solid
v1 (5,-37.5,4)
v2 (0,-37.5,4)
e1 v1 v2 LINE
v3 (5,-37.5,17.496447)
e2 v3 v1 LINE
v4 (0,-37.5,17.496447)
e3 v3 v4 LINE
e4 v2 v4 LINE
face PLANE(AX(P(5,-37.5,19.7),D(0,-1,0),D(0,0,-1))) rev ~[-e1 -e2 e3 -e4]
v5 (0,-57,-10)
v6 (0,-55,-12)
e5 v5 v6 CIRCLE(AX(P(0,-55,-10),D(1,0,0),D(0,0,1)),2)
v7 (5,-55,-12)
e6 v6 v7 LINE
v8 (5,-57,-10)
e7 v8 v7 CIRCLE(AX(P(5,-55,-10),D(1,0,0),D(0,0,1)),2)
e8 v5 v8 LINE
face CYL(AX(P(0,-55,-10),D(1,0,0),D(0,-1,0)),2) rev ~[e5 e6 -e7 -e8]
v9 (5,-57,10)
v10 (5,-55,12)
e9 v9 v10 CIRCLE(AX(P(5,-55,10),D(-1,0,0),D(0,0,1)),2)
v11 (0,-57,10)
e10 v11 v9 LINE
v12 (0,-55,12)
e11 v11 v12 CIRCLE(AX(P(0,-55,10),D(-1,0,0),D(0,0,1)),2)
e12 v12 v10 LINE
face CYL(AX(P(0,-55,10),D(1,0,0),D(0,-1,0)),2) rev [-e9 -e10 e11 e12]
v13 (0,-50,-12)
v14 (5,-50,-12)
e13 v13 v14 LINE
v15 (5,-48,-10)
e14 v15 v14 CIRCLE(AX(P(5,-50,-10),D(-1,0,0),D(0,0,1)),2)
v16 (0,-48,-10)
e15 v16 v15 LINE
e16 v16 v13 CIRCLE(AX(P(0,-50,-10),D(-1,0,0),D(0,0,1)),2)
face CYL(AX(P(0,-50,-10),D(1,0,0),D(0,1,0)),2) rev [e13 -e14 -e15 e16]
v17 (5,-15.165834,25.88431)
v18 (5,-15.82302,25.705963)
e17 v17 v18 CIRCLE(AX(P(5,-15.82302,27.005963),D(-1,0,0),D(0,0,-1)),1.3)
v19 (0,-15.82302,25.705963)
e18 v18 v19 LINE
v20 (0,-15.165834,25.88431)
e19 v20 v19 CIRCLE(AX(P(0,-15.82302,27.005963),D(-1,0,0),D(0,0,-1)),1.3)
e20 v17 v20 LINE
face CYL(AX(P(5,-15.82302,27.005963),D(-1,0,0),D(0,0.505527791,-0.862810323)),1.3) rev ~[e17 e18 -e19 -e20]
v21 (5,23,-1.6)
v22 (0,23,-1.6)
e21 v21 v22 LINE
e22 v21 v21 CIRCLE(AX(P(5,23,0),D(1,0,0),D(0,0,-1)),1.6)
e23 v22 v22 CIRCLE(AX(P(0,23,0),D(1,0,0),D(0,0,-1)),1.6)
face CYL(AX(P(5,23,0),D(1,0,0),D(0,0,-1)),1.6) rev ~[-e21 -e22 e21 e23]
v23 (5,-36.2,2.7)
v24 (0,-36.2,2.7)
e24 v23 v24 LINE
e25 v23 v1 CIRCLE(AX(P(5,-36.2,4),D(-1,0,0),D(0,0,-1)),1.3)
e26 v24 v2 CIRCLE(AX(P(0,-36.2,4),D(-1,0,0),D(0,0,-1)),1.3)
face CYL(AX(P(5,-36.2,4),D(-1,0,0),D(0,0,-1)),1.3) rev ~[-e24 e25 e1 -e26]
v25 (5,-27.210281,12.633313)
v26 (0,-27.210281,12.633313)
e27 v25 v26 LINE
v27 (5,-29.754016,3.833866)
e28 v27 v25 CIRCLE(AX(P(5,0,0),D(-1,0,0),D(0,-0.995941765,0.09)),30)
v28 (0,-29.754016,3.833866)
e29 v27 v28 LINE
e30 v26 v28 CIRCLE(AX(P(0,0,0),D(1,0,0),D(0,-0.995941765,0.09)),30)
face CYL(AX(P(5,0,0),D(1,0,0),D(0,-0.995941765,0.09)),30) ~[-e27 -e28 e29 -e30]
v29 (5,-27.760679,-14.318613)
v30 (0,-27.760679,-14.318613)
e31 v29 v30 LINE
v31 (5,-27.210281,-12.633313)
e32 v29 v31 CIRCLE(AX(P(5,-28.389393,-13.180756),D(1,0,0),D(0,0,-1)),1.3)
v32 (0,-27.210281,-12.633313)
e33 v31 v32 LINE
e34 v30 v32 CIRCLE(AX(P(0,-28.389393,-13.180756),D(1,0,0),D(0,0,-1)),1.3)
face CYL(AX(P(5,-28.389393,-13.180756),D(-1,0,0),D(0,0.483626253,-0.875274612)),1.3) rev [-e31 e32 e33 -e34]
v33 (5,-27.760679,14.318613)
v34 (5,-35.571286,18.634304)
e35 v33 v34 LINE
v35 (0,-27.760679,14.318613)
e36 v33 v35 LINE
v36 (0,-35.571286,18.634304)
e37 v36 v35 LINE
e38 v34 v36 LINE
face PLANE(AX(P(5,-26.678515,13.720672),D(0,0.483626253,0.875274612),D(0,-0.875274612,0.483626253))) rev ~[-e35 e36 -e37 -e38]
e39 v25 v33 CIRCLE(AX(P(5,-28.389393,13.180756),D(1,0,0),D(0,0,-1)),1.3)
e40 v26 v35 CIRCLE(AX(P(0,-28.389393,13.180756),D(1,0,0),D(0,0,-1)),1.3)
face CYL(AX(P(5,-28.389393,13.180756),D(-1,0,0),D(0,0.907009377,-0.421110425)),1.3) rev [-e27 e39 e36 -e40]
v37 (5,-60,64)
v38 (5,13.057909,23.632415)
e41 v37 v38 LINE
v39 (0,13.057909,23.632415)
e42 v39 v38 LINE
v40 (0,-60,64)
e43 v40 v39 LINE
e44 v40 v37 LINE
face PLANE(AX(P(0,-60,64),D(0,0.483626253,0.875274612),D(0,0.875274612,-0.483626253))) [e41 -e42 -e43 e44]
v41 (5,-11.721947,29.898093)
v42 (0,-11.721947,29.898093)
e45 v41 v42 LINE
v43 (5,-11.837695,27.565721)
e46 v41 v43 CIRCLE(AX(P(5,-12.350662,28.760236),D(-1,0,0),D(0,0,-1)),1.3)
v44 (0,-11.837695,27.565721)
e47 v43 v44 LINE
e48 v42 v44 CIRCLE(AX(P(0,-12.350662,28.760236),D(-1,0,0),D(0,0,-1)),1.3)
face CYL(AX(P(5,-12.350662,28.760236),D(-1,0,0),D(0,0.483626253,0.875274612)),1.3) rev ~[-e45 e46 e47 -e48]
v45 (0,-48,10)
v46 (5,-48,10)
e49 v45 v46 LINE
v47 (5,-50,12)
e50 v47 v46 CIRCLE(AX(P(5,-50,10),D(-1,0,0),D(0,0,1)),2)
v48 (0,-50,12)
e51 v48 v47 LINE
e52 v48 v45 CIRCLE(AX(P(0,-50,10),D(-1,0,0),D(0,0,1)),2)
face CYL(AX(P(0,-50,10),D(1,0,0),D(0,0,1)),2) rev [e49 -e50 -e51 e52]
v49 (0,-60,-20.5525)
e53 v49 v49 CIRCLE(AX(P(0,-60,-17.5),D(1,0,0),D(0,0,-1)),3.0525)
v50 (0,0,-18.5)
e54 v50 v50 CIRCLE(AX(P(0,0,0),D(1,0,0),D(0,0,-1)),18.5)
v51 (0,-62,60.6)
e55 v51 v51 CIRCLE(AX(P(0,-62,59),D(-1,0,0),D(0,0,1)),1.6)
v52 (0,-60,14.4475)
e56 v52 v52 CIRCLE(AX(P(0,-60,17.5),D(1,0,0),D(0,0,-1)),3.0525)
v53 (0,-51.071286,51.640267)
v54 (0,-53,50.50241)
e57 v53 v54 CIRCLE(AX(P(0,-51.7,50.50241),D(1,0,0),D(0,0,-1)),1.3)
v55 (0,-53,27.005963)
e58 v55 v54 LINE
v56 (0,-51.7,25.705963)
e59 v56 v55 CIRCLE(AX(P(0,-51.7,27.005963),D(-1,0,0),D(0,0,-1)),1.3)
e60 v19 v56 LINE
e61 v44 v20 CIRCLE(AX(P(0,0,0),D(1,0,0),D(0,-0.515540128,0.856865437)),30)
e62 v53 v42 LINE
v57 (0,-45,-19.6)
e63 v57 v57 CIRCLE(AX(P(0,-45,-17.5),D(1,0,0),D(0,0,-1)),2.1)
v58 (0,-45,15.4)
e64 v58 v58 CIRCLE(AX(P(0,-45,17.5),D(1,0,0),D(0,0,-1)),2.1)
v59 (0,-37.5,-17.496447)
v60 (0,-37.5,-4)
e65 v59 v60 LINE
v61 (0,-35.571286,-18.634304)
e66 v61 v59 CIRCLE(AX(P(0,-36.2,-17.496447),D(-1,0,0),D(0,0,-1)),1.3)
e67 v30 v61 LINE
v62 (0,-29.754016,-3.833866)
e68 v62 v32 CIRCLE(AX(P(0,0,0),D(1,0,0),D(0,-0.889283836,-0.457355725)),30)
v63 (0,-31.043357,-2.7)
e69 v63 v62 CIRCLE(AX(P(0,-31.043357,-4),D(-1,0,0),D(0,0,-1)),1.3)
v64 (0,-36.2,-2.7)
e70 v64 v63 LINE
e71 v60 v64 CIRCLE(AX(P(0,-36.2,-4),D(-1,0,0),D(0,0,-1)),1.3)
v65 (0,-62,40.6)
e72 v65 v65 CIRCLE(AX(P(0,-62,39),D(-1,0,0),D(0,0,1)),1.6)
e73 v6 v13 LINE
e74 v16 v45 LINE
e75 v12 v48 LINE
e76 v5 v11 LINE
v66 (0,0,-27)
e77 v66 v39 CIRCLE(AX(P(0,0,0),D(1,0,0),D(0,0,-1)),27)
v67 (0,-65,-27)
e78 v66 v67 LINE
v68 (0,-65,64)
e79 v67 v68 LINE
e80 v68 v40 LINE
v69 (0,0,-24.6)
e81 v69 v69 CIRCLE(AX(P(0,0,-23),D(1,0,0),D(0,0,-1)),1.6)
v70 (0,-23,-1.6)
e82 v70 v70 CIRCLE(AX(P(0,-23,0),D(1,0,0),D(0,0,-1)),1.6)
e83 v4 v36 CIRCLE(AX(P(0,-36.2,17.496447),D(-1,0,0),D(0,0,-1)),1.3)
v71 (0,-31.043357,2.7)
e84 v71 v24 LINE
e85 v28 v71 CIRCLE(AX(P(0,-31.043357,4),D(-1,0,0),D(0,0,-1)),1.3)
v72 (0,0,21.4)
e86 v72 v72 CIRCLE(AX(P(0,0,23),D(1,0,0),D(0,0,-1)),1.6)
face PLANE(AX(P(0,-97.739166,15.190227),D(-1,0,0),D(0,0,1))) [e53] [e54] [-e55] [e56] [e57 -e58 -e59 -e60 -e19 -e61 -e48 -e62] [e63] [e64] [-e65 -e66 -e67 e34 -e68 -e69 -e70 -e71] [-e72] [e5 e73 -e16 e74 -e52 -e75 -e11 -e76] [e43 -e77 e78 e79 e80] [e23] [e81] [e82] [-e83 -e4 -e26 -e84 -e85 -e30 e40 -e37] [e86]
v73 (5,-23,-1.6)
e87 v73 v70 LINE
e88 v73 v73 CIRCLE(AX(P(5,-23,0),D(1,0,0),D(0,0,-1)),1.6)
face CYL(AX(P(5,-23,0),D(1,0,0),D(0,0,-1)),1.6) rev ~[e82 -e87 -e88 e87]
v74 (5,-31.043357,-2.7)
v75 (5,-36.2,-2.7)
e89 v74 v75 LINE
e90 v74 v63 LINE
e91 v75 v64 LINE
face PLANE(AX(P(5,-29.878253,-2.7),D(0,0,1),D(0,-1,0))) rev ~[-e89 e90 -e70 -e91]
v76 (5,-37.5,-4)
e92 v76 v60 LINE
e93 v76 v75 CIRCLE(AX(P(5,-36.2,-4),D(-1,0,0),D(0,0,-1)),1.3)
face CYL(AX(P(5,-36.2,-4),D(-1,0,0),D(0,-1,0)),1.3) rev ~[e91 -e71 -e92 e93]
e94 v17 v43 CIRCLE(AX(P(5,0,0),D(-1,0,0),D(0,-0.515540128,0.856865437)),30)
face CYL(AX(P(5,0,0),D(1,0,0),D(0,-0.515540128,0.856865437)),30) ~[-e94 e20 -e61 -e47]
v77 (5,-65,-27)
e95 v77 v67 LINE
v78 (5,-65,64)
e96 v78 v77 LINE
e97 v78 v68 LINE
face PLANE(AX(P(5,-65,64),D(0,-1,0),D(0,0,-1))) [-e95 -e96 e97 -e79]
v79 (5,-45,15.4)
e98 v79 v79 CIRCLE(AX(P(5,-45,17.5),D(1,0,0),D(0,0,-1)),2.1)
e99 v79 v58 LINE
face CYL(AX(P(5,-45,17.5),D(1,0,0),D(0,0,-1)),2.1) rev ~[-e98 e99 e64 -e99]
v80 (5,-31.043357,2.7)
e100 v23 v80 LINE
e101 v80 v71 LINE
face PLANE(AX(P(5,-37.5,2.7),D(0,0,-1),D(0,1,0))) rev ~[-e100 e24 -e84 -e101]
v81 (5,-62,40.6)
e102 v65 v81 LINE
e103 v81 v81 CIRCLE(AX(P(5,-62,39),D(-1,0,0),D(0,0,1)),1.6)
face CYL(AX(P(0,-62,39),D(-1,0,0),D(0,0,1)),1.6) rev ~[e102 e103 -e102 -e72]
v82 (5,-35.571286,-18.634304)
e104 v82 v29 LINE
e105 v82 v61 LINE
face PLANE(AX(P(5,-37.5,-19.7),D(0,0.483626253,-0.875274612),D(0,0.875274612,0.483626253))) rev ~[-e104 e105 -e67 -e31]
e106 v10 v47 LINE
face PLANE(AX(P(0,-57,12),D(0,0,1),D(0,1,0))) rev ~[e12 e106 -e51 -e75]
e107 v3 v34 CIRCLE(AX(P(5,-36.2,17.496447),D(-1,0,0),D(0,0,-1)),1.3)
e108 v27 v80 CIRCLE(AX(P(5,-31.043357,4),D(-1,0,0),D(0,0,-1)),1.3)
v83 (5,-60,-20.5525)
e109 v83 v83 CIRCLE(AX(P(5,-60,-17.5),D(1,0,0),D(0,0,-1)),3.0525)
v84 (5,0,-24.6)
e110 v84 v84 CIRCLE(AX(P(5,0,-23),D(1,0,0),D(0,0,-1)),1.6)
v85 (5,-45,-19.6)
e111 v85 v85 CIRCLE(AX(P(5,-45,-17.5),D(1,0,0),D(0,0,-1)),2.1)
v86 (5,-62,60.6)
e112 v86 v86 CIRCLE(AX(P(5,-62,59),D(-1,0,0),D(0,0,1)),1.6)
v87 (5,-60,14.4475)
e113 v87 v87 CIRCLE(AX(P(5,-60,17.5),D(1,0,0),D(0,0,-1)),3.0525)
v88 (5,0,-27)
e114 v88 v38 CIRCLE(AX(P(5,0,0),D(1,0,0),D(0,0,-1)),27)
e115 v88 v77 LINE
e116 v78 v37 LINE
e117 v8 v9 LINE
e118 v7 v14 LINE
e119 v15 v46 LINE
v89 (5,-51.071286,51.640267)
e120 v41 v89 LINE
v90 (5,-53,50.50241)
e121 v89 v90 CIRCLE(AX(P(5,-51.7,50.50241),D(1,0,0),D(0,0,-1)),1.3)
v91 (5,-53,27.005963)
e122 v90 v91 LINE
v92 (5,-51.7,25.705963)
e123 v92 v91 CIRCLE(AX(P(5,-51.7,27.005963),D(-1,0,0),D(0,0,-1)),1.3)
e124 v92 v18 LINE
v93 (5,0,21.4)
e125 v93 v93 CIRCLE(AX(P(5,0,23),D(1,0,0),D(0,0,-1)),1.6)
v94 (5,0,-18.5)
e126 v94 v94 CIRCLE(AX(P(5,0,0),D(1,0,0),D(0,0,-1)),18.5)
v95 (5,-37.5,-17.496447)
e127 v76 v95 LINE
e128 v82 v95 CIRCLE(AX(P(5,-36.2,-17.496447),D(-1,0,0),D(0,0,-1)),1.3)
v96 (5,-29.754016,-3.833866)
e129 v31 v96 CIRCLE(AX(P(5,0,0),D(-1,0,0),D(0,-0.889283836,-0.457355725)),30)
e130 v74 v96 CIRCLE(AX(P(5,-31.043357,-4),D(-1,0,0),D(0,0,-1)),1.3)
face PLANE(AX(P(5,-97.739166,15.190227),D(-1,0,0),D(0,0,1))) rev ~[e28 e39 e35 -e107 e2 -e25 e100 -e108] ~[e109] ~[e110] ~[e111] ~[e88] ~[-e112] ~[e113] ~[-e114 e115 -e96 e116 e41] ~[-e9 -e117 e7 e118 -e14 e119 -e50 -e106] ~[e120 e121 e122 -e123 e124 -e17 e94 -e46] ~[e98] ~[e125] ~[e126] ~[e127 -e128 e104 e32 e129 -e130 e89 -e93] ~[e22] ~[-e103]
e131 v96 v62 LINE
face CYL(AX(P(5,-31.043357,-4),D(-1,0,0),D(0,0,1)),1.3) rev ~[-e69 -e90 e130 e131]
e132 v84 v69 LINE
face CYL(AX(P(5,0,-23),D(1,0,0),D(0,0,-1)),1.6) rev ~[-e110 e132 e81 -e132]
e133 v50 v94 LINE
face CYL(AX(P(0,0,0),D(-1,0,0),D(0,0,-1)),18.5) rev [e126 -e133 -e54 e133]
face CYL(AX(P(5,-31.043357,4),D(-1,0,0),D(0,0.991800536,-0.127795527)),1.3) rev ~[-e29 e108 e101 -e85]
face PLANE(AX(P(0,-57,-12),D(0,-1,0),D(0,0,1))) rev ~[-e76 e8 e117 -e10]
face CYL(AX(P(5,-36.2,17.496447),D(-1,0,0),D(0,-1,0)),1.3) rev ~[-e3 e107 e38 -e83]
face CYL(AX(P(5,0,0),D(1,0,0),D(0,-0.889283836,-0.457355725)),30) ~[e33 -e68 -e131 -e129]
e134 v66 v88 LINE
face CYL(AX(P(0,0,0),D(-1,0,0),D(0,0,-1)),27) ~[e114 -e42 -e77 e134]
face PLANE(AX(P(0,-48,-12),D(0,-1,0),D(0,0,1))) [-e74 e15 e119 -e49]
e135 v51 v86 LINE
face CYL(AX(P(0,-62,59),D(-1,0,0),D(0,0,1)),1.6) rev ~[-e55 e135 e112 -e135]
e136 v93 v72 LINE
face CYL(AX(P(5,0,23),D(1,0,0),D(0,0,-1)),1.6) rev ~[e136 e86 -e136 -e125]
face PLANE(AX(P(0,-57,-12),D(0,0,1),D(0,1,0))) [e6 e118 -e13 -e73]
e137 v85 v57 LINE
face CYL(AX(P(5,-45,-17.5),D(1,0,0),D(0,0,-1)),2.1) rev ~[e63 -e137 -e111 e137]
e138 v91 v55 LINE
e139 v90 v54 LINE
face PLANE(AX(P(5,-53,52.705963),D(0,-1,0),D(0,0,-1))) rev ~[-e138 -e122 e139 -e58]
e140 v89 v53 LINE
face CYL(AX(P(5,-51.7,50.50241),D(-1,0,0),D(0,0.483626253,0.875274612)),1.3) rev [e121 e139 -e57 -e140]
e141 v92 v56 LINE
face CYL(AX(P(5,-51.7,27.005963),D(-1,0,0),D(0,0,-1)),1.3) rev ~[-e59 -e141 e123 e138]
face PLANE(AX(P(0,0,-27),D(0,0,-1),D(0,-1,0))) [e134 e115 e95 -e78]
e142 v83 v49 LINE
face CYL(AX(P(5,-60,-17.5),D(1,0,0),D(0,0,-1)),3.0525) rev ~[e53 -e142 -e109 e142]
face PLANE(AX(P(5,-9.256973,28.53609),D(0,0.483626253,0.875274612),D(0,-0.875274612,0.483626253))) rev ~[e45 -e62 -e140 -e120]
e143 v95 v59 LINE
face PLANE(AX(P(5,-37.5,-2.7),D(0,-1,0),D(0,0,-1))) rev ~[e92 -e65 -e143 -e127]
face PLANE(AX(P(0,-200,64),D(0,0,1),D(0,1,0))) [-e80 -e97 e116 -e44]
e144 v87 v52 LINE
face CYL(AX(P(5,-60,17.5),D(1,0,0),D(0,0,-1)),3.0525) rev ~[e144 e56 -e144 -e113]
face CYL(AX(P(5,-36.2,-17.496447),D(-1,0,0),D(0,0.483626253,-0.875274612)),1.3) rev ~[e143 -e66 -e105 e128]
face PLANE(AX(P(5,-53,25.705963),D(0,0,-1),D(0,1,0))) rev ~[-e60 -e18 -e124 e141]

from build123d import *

# Parameters (mm, degrees)
SKETCH_1_R           = 27
SKETCH_1_R_2         = 18.5
EXTRUDE_1_DEPTH      = 5
SKETCH_2_R           = 1.6
CUT_EXTRUDE_1_DEPTH  = 10
EXTRUDE_2_DEPTH      = 5
SKETCH_9_W           = 91
SKETCH_9_H           = 135
CUT_EXTRUDE_5_DEPTH  = 211.049994049
SKETCH_13_R          = 2.1
SKETCH_13_R_2        = 3.0525
CUT_EXTRUDE_6_DEPTH  = 92.356444764
SKETCH_14_R          = 1.6
CUT_EXTRUDE_7_DEPTH  = 92.356444764
SKETCH_15_W          = 24
SKETCH_15_H          = 9
CUT_EXTRUDE_8_DEPTH  = 10
FILLET_1_R           = 2
CUT_EXTRUDE_9_DEPTH  = 92.356444764
FILLET_2_R           = 1.3
CUT_EXTRUDE_10_DEPTH = 92.356444764
FILLET_3_R           = 1.3


with BuildPart() as part:
    # 草图1 → 凸台-拉伸1 (new body)
    with BuildSketch(Plane(origin=(0, 0, 0), x_dir=(0, 0, -1), z_dir=(1, 0, 0))):
        Circle(SKETCH_1_R)
        Circle(SKETCH_1_R_2, mode=Mode.SUBTRACT)
    extrude(amount=EXTRUDE_1_DEPTH)

    # 草图2 → 切除-拉伸1 (cut)
    with BuildSketch(Plane(origin=(5, 0, 0), x_dir=(0, 0, -1), z_dir=(1, 0, 0))):
        with Locations((23, 0)):
            Circle(SKETCH_2_R)
        with Locations((0, -23)):
            Circle(SKETCH_2_R)
        with Locations((0, 23)):
            Circle(SKETCH_2_R)
        with Locations((-23, 0)):
            Circle(SKETCH_2_R)
    extrude(amount=-CUT_EXTRUDE_1_DEPTH, mode=Mode.SUBTRACT)

    # 草图3 → 凸台-拉伸2 (add)
    with BuildSketch(Plane.ZY):
        with BuildLine():
            ThreePointArc((27, 0), (0, -27), (-27, 0))
            Line((-27, 0), (-27, -200))
            Line((-27, -200), (64, -200))
            Line((64, -200), (64, -60))
            Line((64, -60), (23.632414536, 13.057908838))
            ThreePointArc((23.632414536, 13.057908838), (26.144551942, 6.742581388), (27, 0))
        make_face()
    extrude(amount=-EXTRUDE_2_DEPTH)

    # 草图9 → 切除-拉伸5 (cut, through all)
    with BuildSketch(Plane(origin=(5, 0, 0), x_dir=(0, 0, -1), z_dir=(1, 0, 0))):
        with Locations((-18.5, -132.5)):
            Rectangle(SKETCH_9_W, SKETCH_9_H)
    extrude(amount=-CUT_EXTRUDE_5_DEPTH, mode=Mode.SUBTRACT)

    # 草图13 → 切除-拉伸6 (cut, through all)
    with BuildSketch(Plane(origin=(5, 0, 0), x_dir=(0, 0, -1), z_dir=(1, 0, 0))):
        with Locations((-17.5, -45)):
            Circle(SKETCH_13_R)
        with Locations((-17.5, -60)):
            Circle(SKETCH_13_R_2)
        with Locations((17.5, -60)):
            Circle(SKETCH_13_R_2)
        with Locations((17.5, -45)):
            Circle(SKETCH_13_R)
    extrude(amount=-CUT_EXTRUDE_6_DEPTH, mode=Mode.SUBTRACT)

    # 草图14 → 切除-拉伸7 (cut, through all)
    with BuildSketch(Plane.ZY):
        with Locations((39, -62)):
            Circle(SKETCH_14_R)
        with Locations((59, -62)):
            Circle(SKETCH_14_R)
    extrude(amount=-CUT_EXTRUDE_7_DEPTH, mode=Mode.SUBTRACT)

    # 草图15 → 切除-拉伸8 (cut)
    with BuildSketch(Plane.ZY):
        with Locations((0, -52.5)):
            Rectangle(SKETCH_15_W, SKETCH_15_H)
    extrude(amount=-CUT_EXTRUDE_8_DEPTH, mode=Mode.SUBTRACT)

    # 圆角1
    fillet_1_edges = [part.edges().sort_by_distance(p)[0] for p in [
        (2.5, -57, -12),
        (2.5, -48, -12),
        (2.5, -48, 12),
        (2.5, -57, 12),
    ]]
    fillet(fillet_1_edges, radius=FILLET_1_R)

    # 草图16 → 切除-拉伸9 (cut, through all)
    with BuildSketch(Plane(origin=(5, 0, 0), x_dir=(0, 0, -1), z_dir=(1, 0, 0))):
        with BuildLine():
            Line((-28.536090226, -9.256973298), (-52.705963097, -53))
            Line((-52.705963097, -53), (-25.705963097, -53))
            Line((-25.705963097, -53), (-25.705963097, -15.466203841))
            ThreePointArc((-25.705963097, -15.466203841), (-27.29814505, -12.442317985), (-28.536090226, -9.256973298))
        make_face()
    extrude(amount=-CUT_EXTRUDE_9_DEPTH, mode=Mode.SUBTRACT)

    # 圆角2
    fillet_2_edges = [part.edges().sort_by_distance(p)[0] for p in [
        (2.5, -9.256973298, 28.536090226),
        (2.5, -15.466203841, 25.705963097),
        (2.5, -53, 25.705963097),
        (2.5, -53, 52.705963097),
    ]]
    fillet(fillet_2_edges, radius=FILLET_2_R)

    # 草图17 → 切除-拉伸10 (cut, through all)
    with BuildSketch(Plane(origin=(5, 0, 0), x_dir=(0, 0, -1), z_dir=(1, 0, 0))):
        with BuildLine():
            ThreePointArc((-2.7, -29.878252961), (-8.364759165, -28.81025519), (-13.720671758, -26.678515073))
            Line((-13.720671758, -26.678515073), (-19.7, -37.5))
            Line((-19.7, -37.5), (-2.7, -37.5))
            Line((-2.7, -37.5), (-2.7, -29.878252961))
        make_face()
        with BuildLine():
            Line((19.7, -37.5), (13.720671758, -26.678515073))
            ThreePointArc((13.720671758, -26.678515073), (8.364759165, -28.81025519), (2.7, -29.878252961))
            Line((2.7, -29.878252961), (2.7, -37.5))
            Line((2.7, -37.5), (19.7, -37.5))
        make_face()
    extrude(amount=-CUT_EXTRUDE_10_DEPTH, mode=Mode.SUBTRACT)

    # 圆角3
    fillet_3_edges = [part.edges().sort_by_distance(p)[0] for p in [
        (2.5, -26.678515073, 13.720671758),
        (2.5, -29.878252961, 2.7),
        (2.5, -37.5, 2.7),
        (2.5, -37.5, 19.7),
        (2.5, -29.878252961, -2.7),
        (2.5, -26.678515073, -13.720671758),
        (2.5, -37.5, -19.7),
        (2.5, -37.5, -2.7),
    ]]
    fillet(fillet_3_edges, radius=FILLET_3_R)


solid = part.part
